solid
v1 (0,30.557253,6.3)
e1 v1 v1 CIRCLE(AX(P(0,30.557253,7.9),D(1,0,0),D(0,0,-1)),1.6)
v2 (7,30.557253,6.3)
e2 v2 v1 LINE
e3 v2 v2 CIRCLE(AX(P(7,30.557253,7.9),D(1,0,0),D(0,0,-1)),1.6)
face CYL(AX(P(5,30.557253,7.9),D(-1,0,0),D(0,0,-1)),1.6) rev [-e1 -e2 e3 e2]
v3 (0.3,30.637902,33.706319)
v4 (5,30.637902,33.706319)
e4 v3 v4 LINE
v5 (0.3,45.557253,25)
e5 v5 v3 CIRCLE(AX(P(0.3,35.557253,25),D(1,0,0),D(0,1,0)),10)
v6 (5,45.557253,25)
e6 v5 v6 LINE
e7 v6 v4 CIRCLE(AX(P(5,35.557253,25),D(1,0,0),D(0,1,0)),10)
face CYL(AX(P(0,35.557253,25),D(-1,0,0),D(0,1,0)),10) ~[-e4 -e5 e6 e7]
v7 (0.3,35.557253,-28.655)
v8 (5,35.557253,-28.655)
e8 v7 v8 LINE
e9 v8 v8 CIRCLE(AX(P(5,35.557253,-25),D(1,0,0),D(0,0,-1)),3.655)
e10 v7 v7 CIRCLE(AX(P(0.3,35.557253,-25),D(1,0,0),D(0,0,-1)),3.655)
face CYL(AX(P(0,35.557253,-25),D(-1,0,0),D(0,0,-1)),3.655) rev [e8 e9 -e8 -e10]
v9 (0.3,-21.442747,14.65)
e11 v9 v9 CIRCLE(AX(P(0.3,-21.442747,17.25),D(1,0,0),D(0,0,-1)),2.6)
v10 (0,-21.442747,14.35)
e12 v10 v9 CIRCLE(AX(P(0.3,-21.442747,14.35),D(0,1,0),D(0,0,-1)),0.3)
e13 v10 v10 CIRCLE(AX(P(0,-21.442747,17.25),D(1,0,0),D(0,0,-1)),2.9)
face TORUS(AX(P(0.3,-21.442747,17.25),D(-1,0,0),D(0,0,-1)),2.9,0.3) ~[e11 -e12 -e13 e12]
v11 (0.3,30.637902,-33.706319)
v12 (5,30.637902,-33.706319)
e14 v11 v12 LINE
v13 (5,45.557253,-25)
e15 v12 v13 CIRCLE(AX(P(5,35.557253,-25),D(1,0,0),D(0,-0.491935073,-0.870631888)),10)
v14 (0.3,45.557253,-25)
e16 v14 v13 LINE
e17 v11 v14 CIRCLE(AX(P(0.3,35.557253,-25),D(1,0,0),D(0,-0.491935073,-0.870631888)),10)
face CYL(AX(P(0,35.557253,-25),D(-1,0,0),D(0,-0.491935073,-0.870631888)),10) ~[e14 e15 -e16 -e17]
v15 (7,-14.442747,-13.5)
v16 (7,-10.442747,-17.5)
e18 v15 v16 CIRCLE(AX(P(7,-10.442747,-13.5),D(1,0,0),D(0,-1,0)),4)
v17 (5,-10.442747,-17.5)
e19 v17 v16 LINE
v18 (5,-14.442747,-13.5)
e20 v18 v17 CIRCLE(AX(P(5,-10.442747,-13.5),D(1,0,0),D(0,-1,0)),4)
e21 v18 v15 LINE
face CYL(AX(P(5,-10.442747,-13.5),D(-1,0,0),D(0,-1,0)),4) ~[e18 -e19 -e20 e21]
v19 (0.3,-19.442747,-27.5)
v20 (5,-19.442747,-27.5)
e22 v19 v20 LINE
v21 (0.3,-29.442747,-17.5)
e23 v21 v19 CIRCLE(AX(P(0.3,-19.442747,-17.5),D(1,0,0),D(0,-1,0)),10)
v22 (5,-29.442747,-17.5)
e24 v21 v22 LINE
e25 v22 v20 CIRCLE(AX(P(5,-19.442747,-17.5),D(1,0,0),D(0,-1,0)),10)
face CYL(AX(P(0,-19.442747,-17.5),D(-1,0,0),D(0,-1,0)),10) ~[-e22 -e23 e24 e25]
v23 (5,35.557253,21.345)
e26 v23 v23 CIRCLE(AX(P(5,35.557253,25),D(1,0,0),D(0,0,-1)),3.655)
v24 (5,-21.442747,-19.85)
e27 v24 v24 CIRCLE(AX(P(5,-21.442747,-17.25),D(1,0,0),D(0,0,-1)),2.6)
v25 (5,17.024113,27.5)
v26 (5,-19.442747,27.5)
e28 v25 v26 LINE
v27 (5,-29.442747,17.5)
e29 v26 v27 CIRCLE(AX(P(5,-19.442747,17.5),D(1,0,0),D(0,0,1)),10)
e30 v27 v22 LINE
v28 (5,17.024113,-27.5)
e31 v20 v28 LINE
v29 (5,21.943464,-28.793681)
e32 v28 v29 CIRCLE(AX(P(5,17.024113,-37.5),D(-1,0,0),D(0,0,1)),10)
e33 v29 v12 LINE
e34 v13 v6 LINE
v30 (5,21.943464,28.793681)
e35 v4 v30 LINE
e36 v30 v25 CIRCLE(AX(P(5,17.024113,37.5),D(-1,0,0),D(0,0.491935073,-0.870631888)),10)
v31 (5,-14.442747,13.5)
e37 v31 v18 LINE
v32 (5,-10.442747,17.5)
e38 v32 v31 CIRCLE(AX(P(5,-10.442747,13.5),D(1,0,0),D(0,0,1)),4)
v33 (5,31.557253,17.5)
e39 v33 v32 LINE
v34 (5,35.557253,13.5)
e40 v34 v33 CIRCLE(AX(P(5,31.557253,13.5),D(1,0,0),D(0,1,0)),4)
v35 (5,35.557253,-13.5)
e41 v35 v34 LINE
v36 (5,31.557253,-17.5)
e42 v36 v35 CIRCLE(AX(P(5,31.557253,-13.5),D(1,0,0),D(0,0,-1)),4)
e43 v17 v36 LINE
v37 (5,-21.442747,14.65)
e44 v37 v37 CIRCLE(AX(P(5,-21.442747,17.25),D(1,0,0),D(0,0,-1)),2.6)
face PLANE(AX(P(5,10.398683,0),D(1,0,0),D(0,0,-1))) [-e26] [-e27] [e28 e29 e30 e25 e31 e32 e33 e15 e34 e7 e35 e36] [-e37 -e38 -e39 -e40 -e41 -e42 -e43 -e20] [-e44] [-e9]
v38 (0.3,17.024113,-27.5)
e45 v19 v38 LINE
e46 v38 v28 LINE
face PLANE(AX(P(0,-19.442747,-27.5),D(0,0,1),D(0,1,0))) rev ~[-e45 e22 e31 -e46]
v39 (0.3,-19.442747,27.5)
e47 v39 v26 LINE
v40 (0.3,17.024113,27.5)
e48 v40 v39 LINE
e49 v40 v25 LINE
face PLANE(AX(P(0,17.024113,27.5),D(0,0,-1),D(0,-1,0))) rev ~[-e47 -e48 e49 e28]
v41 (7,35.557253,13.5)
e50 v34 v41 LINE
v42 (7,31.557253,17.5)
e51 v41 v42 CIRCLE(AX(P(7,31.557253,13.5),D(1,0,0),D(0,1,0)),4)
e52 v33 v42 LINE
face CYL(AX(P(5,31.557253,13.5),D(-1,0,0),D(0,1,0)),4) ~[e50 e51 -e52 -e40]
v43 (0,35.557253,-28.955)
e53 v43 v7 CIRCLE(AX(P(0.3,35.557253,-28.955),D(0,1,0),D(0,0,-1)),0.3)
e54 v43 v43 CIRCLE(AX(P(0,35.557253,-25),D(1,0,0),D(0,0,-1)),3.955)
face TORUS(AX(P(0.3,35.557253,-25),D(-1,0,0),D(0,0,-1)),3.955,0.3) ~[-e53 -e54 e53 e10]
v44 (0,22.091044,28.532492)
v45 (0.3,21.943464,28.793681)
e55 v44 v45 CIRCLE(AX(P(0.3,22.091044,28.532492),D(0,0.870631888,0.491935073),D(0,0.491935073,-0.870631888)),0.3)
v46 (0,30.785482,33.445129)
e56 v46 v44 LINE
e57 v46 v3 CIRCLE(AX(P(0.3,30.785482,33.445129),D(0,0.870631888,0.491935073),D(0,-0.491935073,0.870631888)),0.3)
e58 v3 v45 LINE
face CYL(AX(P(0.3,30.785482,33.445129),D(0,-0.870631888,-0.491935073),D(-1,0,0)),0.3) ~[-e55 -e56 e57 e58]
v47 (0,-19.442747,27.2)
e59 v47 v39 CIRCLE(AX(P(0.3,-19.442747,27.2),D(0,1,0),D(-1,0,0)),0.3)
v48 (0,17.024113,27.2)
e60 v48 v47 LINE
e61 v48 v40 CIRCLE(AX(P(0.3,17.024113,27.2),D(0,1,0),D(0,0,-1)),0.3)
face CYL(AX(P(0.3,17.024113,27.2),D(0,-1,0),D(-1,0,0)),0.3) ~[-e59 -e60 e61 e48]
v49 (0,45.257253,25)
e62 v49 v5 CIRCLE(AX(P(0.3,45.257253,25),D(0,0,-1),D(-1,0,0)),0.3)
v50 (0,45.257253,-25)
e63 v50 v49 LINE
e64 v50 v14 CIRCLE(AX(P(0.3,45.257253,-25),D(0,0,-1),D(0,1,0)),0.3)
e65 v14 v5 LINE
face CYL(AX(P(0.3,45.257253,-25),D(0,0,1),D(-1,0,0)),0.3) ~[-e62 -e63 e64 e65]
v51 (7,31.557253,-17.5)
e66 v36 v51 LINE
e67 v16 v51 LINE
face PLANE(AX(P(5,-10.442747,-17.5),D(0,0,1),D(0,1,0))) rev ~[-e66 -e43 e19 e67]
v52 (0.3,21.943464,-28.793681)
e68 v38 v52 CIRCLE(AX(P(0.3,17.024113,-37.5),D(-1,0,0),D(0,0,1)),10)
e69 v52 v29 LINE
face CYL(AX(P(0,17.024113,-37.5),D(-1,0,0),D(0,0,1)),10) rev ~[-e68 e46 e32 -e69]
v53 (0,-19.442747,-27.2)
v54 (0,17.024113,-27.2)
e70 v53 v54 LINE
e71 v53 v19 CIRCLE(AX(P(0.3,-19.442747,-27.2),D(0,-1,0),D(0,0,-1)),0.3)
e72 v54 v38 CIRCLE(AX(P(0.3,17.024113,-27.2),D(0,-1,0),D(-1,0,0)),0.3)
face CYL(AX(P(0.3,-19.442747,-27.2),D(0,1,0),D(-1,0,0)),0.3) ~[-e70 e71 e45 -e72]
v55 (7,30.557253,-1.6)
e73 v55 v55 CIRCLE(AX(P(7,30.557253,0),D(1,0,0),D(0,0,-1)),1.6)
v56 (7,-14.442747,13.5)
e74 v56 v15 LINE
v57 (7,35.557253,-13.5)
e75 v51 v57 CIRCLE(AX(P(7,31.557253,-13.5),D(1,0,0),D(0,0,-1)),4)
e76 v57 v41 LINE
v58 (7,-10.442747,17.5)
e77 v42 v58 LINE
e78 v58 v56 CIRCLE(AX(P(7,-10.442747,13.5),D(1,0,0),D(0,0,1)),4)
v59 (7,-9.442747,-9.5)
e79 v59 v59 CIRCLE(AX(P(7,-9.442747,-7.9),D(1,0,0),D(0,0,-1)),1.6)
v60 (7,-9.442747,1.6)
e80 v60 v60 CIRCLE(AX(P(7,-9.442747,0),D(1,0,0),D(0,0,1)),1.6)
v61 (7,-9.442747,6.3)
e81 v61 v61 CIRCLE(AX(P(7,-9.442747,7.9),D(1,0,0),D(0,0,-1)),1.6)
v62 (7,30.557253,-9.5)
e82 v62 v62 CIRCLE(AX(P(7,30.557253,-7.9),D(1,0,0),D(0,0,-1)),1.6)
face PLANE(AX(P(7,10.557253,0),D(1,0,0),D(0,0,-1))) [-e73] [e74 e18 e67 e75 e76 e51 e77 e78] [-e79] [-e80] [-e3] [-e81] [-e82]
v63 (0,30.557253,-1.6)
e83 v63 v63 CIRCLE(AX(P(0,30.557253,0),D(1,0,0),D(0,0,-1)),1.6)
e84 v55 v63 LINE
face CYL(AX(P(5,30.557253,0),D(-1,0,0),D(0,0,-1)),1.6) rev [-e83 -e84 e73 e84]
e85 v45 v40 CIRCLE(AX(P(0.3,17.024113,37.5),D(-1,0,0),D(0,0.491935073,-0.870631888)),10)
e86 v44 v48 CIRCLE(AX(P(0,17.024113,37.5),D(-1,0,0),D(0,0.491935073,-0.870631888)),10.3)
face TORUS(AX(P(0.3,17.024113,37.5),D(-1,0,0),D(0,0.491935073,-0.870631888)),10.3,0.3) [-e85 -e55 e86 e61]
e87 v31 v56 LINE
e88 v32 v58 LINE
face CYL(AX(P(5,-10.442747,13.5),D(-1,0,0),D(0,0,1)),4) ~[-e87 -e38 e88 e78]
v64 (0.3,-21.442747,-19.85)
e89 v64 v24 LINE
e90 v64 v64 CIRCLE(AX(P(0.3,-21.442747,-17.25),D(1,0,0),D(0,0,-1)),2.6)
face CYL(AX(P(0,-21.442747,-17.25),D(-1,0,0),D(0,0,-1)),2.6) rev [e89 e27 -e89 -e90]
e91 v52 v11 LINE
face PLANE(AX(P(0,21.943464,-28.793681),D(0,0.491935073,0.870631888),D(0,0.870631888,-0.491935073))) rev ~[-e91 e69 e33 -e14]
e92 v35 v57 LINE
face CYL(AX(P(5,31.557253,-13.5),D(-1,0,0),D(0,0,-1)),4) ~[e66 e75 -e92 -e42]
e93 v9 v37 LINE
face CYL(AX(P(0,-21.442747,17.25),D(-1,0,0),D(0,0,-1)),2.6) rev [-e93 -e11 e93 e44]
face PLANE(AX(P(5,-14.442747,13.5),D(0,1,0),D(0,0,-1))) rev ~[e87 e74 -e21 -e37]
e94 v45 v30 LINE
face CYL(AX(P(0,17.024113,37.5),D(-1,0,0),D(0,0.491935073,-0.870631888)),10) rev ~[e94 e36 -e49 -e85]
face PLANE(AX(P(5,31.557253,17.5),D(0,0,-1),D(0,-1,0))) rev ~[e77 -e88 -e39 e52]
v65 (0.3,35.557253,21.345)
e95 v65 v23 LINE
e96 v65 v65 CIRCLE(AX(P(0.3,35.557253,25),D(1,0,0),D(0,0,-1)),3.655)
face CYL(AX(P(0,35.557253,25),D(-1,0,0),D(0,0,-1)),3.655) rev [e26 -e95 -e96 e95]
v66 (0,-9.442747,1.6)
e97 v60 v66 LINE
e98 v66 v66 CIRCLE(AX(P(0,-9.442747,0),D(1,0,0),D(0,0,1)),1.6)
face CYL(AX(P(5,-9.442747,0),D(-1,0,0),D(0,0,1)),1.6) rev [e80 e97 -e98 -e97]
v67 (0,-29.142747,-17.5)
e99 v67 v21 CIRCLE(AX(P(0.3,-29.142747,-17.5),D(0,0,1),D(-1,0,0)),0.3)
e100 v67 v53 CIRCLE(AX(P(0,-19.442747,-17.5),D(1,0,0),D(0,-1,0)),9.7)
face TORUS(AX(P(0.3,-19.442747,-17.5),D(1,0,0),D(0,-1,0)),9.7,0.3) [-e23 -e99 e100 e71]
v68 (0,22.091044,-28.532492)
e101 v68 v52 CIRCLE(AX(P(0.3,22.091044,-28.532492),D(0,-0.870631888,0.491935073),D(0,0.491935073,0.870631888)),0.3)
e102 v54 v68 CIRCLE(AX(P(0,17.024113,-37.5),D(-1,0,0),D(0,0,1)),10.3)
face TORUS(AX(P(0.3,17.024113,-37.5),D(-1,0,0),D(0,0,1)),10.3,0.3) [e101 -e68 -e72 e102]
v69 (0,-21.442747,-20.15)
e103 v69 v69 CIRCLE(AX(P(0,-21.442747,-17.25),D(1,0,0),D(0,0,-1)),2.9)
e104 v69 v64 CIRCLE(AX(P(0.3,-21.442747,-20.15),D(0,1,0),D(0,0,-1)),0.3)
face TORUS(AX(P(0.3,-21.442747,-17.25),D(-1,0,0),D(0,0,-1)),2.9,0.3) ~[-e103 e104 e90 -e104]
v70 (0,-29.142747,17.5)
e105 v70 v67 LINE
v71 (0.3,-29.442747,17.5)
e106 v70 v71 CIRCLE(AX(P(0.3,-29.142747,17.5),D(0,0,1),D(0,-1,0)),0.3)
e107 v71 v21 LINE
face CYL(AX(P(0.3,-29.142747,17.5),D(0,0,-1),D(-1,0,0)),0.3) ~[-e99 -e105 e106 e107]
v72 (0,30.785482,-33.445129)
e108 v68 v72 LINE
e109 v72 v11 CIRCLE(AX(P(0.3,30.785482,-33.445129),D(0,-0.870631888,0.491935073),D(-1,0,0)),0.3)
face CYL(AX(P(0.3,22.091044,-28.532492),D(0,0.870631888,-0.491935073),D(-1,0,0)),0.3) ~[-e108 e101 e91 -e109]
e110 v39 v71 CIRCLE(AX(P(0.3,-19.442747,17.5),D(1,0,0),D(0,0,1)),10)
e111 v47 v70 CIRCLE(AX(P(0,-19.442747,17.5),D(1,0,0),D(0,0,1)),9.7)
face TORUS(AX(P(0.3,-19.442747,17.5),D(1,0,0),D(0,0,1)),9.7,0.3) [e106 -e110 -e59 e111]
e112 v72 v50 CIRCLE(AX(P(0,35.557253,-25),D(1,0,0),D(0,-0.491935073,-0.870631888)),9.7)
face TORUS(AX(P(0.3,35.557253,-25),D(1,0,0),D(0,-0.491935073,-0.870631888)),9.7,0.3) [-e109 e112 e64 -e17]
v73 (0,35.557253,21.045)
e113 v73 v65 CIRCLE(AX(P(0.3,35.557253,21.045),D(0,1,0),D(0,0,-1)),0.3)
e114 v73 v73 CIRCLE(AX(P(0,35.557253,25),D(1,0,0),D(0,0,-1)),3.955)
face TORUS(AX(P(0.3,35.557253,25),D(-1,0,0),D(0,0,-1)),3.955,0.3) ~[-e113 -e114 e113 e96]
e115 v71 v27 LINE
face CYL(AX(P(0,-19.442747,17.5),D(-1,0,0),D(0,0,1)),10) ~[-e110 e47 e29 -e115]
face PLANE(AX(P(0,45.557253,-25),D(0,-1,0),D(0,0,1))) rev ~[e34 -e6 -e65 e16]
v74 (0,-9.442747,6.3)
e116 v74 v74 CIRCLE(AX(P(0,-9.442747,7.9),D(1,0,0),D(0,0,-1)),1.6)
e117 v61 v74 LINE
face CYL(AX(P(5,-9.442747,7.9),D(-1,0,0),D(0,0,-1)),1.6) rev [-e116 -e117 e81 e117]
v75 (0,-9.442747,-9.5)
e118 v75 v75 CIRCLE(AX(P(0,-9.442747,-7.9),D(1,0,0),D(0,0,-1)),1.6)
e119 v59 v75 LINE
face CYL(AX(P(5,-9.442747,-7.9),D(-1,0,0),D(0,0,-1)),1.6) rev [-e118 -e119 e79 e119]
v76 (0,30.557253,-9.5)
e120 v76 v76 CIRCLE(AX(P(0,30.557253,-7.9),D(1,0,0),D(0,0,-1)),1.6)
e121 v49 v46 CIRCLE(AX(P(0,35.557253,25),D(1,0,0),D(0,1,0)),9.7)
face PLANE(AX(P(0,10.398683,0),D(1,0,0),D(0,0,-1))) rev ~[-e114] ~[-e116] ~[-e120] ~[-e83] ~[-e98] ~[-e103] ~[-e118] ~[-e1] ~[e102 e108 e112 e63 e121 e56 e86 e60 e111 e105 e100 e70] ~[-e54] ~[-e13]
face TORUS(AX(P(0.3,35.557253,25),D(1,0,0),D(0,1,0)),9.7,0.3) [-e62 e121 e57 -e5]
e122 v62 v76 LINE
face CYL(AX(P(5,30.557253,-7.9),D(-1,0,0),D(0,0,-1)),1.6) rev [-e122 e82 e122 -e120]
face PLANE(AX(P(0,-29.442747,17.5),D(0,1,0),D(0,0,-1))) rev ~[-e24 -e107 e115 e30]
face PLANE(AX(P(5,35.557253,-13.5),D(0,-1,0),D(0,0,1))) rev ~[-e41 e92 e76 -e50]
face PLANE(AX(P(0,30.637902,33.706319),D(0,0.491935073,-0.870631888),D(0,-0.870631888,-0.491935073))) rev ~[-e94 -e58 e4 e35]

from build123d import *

# Parameters (mm, degrees)
SKETCH_2_R      = 1.6
SKETCH_2_R_2    = 2.6
SKETCH_2_R_3    = 3.655
EXTRUDE_1_DEPTH = 5
EXTRUDE_START   = 5
SKETCH_2_3_R    = 1.6
EXTRUDE_2_DEPTH = 2
FILLET_2_R      = 0.3


with BuildPart() as part:
    # Эскиз2 → Бобышка-Вытянуть1 (new body)
    with BuildSketch(Plane(origin=(0, 0, 0), x_dir=(0, 0, -1), z_dir=(1, 0, 0))):
        with BuildLine():
            ThreePointArc((-27.5, -19.44274744), (-24.571067812, -26.513815252), (-17.5, -29.44274744))
            Line((-17.5, -29.44274744), (17.5, -29.44274744))
            ThreePointArc((17.5, -29.44274744), (24.571067812, -26.513815252), (27.5, -19.44274744))
            Line((27.5, -19.44274744), (27.5, 17.024112915))
            ThreePointArc((27.5, 17.024112915), (27.828826628, 19.567418954), (28.793681122, 21.943463644))
            Line((28.793681122, 21.943463644), (33.706318878, 30.637901831))
            ThreePointArc((33.706318878, 30.637901831), (33.63694122, 40.597415886), (25, 45.55725256))
            Line((25, 45.55725256), (-25, 45.55725256))
            ThreePointArc((-25, 45.55725256), (-33.63694122, 40.597415886), (-33.706318878, 30.637901831))
            Line((-33.706318878, 30.637901831), (-28.793681122, 21.943463644))
            ThreePointArc((-28.793681122, 21.943463644), (-27.828826628, 19.567418954), (-27.5, 17.024112915))
            Line((-27.5, 17.024112915), (-27.5, -19.44274744))
        make_face()
        with Locations(Location((0, -9.44274744, 0), (0, 0, 180))):
            Circle(SKETCH_2_R, mode=Mode.SUBTRACT)
        with Locations((0, 30.55725256)):
            Circle(SKETCH_2_R, mode=Mode.SUBTRACT)
        with Locations((-17.25, -21.44274744)):
            Circle(SKETCH_2_R_2, mode=Mode.SUBTRACT)
        with Locations((-25, 35.55725256)):
            Circle(SKETCH_2_R_3, mode=Mode.SUBTRACT)
        with Locations((17.25, -21.44274744)):
            Circle(SKETCH_2_R_2, mode=Mode.SUBTRACT)
        with Locations((25, 35.55725256)):
            Circle(SKETCH_2_R_3, mode=Mode.SUBTRACT)
        with Locations((-7.9, -9.44274744)):
            Circle(SKETCH_2_R, mode=Mode.SUBTRACT)
        with Locations((-7.9, 30.55725256)):
            Circle(SKETCH_2_R, mode=Mode.SUBTRACT)
        with Locations((7.9, -9.44274744)):
            Circle(SKETCH_2_R, mode=Mode.SUBTRACT)
        with Locations((7.9, 30.55725256)):
            Circle(SKETCH_2_R, mode=Mode.SUBTRACT)
    extrude(amount=EXTRUDE_1_DEPTH)

    # Эскиз2<3> → Бобышка-Вытянуть2 (add)
    with BuildSketch(Plane(origin=(0, 0, 0), x_dir=(0, 0, -1), z_dir=(1, 0, 0)).offset(EXTRUDE_START)):
        with BuildLine():
            Line((-13.5, -14.44274744), (13.5, -14.44274744))
            ThreePointArc((13.5, -14.44274744), (16.328427125, -13.271174565), (17.5, -10.44274744))
            Line((17.5, -10.44274744), (17.5, 31.55725256))
            ThreePointArc((17.5, 31.55725256), (16.328427125, 34.385679684), (13.5, 35.55725256))
            Line((13.5, 35.55725256), (-13.5, 35.55725256))
            ThreePointArc((-13.5, 35.55725256), (-16.328427125, 34.385679684), (-17.5, 31.55725256))
            Line((-17.5, 31.55725256), (-17.5, -10.44274744))
            ThreePointArc((-17.5, -10.44274744), (-16.328427125, -13.271174565), (-13.5, -14.44274744))
        make_face()
        with Locations((0, 30.55725256)):
            Circle(SKETCH_2_3_R, mode=Mode.SUBTRACT)
        with Locations(Location((0, -9.44274744, 0), (0, 0, 180))):
            Circle(SKETCH_2_3_R, mode=Mode.SUBTRACT)
        with Locations((-7.9, -9.44274744)):
            Circle(SKETCH_2_3_R, mode=Mode.SUBTRACT)
        with Locations((-7.9, 30.55725256)):
            Circle(SKETCH_2_3_R, mode=Mode.SUBTRACT)
        with Locations((7.9, -9.44274744)):
            Circle(SKETCH_2_3_R, mode=Mode.SUBTRACT)
        with Locations((7.9, 30.55725256)):
            Circle(SKETCH_2_3_R, mode=Mode.SUBTRACT)
    extrude(amount=EXTRUDE_2_DEPTH)

    # Скругление2
    fillet_2_edges = [part.edges().sort_by_distance(p)[0] for p in [
        (0, 19.567418954, 27.828826628),
        (0, 26.290682737, 31.25),
        (0, 40.597415886, 33.63694122),
        (0, 45.55725256, 0),
        (0, 40.597415886, -33.63694122),
        (0, 26.290682737, -31.25),
        (0, 19.567418954, -27.828826628),
        (0, -1.209317263, -27.5),
        (0, -26.513815252, -24.571067812),
        (0, -29.44274744, 0),
        (0, -26.513815252, 24.571067812),
        (0, -1.209317263, 27.5),
        (0, 35.55725256, -21.345),
        (0, 35.55725256, 28.655),
        (0, -21.44274744, 19.85),
        (0, -21.44274744, -14.65),
    ]]
    fillet(fillet_2_edges, radius=FILLET_2_R)


solid = part.part
